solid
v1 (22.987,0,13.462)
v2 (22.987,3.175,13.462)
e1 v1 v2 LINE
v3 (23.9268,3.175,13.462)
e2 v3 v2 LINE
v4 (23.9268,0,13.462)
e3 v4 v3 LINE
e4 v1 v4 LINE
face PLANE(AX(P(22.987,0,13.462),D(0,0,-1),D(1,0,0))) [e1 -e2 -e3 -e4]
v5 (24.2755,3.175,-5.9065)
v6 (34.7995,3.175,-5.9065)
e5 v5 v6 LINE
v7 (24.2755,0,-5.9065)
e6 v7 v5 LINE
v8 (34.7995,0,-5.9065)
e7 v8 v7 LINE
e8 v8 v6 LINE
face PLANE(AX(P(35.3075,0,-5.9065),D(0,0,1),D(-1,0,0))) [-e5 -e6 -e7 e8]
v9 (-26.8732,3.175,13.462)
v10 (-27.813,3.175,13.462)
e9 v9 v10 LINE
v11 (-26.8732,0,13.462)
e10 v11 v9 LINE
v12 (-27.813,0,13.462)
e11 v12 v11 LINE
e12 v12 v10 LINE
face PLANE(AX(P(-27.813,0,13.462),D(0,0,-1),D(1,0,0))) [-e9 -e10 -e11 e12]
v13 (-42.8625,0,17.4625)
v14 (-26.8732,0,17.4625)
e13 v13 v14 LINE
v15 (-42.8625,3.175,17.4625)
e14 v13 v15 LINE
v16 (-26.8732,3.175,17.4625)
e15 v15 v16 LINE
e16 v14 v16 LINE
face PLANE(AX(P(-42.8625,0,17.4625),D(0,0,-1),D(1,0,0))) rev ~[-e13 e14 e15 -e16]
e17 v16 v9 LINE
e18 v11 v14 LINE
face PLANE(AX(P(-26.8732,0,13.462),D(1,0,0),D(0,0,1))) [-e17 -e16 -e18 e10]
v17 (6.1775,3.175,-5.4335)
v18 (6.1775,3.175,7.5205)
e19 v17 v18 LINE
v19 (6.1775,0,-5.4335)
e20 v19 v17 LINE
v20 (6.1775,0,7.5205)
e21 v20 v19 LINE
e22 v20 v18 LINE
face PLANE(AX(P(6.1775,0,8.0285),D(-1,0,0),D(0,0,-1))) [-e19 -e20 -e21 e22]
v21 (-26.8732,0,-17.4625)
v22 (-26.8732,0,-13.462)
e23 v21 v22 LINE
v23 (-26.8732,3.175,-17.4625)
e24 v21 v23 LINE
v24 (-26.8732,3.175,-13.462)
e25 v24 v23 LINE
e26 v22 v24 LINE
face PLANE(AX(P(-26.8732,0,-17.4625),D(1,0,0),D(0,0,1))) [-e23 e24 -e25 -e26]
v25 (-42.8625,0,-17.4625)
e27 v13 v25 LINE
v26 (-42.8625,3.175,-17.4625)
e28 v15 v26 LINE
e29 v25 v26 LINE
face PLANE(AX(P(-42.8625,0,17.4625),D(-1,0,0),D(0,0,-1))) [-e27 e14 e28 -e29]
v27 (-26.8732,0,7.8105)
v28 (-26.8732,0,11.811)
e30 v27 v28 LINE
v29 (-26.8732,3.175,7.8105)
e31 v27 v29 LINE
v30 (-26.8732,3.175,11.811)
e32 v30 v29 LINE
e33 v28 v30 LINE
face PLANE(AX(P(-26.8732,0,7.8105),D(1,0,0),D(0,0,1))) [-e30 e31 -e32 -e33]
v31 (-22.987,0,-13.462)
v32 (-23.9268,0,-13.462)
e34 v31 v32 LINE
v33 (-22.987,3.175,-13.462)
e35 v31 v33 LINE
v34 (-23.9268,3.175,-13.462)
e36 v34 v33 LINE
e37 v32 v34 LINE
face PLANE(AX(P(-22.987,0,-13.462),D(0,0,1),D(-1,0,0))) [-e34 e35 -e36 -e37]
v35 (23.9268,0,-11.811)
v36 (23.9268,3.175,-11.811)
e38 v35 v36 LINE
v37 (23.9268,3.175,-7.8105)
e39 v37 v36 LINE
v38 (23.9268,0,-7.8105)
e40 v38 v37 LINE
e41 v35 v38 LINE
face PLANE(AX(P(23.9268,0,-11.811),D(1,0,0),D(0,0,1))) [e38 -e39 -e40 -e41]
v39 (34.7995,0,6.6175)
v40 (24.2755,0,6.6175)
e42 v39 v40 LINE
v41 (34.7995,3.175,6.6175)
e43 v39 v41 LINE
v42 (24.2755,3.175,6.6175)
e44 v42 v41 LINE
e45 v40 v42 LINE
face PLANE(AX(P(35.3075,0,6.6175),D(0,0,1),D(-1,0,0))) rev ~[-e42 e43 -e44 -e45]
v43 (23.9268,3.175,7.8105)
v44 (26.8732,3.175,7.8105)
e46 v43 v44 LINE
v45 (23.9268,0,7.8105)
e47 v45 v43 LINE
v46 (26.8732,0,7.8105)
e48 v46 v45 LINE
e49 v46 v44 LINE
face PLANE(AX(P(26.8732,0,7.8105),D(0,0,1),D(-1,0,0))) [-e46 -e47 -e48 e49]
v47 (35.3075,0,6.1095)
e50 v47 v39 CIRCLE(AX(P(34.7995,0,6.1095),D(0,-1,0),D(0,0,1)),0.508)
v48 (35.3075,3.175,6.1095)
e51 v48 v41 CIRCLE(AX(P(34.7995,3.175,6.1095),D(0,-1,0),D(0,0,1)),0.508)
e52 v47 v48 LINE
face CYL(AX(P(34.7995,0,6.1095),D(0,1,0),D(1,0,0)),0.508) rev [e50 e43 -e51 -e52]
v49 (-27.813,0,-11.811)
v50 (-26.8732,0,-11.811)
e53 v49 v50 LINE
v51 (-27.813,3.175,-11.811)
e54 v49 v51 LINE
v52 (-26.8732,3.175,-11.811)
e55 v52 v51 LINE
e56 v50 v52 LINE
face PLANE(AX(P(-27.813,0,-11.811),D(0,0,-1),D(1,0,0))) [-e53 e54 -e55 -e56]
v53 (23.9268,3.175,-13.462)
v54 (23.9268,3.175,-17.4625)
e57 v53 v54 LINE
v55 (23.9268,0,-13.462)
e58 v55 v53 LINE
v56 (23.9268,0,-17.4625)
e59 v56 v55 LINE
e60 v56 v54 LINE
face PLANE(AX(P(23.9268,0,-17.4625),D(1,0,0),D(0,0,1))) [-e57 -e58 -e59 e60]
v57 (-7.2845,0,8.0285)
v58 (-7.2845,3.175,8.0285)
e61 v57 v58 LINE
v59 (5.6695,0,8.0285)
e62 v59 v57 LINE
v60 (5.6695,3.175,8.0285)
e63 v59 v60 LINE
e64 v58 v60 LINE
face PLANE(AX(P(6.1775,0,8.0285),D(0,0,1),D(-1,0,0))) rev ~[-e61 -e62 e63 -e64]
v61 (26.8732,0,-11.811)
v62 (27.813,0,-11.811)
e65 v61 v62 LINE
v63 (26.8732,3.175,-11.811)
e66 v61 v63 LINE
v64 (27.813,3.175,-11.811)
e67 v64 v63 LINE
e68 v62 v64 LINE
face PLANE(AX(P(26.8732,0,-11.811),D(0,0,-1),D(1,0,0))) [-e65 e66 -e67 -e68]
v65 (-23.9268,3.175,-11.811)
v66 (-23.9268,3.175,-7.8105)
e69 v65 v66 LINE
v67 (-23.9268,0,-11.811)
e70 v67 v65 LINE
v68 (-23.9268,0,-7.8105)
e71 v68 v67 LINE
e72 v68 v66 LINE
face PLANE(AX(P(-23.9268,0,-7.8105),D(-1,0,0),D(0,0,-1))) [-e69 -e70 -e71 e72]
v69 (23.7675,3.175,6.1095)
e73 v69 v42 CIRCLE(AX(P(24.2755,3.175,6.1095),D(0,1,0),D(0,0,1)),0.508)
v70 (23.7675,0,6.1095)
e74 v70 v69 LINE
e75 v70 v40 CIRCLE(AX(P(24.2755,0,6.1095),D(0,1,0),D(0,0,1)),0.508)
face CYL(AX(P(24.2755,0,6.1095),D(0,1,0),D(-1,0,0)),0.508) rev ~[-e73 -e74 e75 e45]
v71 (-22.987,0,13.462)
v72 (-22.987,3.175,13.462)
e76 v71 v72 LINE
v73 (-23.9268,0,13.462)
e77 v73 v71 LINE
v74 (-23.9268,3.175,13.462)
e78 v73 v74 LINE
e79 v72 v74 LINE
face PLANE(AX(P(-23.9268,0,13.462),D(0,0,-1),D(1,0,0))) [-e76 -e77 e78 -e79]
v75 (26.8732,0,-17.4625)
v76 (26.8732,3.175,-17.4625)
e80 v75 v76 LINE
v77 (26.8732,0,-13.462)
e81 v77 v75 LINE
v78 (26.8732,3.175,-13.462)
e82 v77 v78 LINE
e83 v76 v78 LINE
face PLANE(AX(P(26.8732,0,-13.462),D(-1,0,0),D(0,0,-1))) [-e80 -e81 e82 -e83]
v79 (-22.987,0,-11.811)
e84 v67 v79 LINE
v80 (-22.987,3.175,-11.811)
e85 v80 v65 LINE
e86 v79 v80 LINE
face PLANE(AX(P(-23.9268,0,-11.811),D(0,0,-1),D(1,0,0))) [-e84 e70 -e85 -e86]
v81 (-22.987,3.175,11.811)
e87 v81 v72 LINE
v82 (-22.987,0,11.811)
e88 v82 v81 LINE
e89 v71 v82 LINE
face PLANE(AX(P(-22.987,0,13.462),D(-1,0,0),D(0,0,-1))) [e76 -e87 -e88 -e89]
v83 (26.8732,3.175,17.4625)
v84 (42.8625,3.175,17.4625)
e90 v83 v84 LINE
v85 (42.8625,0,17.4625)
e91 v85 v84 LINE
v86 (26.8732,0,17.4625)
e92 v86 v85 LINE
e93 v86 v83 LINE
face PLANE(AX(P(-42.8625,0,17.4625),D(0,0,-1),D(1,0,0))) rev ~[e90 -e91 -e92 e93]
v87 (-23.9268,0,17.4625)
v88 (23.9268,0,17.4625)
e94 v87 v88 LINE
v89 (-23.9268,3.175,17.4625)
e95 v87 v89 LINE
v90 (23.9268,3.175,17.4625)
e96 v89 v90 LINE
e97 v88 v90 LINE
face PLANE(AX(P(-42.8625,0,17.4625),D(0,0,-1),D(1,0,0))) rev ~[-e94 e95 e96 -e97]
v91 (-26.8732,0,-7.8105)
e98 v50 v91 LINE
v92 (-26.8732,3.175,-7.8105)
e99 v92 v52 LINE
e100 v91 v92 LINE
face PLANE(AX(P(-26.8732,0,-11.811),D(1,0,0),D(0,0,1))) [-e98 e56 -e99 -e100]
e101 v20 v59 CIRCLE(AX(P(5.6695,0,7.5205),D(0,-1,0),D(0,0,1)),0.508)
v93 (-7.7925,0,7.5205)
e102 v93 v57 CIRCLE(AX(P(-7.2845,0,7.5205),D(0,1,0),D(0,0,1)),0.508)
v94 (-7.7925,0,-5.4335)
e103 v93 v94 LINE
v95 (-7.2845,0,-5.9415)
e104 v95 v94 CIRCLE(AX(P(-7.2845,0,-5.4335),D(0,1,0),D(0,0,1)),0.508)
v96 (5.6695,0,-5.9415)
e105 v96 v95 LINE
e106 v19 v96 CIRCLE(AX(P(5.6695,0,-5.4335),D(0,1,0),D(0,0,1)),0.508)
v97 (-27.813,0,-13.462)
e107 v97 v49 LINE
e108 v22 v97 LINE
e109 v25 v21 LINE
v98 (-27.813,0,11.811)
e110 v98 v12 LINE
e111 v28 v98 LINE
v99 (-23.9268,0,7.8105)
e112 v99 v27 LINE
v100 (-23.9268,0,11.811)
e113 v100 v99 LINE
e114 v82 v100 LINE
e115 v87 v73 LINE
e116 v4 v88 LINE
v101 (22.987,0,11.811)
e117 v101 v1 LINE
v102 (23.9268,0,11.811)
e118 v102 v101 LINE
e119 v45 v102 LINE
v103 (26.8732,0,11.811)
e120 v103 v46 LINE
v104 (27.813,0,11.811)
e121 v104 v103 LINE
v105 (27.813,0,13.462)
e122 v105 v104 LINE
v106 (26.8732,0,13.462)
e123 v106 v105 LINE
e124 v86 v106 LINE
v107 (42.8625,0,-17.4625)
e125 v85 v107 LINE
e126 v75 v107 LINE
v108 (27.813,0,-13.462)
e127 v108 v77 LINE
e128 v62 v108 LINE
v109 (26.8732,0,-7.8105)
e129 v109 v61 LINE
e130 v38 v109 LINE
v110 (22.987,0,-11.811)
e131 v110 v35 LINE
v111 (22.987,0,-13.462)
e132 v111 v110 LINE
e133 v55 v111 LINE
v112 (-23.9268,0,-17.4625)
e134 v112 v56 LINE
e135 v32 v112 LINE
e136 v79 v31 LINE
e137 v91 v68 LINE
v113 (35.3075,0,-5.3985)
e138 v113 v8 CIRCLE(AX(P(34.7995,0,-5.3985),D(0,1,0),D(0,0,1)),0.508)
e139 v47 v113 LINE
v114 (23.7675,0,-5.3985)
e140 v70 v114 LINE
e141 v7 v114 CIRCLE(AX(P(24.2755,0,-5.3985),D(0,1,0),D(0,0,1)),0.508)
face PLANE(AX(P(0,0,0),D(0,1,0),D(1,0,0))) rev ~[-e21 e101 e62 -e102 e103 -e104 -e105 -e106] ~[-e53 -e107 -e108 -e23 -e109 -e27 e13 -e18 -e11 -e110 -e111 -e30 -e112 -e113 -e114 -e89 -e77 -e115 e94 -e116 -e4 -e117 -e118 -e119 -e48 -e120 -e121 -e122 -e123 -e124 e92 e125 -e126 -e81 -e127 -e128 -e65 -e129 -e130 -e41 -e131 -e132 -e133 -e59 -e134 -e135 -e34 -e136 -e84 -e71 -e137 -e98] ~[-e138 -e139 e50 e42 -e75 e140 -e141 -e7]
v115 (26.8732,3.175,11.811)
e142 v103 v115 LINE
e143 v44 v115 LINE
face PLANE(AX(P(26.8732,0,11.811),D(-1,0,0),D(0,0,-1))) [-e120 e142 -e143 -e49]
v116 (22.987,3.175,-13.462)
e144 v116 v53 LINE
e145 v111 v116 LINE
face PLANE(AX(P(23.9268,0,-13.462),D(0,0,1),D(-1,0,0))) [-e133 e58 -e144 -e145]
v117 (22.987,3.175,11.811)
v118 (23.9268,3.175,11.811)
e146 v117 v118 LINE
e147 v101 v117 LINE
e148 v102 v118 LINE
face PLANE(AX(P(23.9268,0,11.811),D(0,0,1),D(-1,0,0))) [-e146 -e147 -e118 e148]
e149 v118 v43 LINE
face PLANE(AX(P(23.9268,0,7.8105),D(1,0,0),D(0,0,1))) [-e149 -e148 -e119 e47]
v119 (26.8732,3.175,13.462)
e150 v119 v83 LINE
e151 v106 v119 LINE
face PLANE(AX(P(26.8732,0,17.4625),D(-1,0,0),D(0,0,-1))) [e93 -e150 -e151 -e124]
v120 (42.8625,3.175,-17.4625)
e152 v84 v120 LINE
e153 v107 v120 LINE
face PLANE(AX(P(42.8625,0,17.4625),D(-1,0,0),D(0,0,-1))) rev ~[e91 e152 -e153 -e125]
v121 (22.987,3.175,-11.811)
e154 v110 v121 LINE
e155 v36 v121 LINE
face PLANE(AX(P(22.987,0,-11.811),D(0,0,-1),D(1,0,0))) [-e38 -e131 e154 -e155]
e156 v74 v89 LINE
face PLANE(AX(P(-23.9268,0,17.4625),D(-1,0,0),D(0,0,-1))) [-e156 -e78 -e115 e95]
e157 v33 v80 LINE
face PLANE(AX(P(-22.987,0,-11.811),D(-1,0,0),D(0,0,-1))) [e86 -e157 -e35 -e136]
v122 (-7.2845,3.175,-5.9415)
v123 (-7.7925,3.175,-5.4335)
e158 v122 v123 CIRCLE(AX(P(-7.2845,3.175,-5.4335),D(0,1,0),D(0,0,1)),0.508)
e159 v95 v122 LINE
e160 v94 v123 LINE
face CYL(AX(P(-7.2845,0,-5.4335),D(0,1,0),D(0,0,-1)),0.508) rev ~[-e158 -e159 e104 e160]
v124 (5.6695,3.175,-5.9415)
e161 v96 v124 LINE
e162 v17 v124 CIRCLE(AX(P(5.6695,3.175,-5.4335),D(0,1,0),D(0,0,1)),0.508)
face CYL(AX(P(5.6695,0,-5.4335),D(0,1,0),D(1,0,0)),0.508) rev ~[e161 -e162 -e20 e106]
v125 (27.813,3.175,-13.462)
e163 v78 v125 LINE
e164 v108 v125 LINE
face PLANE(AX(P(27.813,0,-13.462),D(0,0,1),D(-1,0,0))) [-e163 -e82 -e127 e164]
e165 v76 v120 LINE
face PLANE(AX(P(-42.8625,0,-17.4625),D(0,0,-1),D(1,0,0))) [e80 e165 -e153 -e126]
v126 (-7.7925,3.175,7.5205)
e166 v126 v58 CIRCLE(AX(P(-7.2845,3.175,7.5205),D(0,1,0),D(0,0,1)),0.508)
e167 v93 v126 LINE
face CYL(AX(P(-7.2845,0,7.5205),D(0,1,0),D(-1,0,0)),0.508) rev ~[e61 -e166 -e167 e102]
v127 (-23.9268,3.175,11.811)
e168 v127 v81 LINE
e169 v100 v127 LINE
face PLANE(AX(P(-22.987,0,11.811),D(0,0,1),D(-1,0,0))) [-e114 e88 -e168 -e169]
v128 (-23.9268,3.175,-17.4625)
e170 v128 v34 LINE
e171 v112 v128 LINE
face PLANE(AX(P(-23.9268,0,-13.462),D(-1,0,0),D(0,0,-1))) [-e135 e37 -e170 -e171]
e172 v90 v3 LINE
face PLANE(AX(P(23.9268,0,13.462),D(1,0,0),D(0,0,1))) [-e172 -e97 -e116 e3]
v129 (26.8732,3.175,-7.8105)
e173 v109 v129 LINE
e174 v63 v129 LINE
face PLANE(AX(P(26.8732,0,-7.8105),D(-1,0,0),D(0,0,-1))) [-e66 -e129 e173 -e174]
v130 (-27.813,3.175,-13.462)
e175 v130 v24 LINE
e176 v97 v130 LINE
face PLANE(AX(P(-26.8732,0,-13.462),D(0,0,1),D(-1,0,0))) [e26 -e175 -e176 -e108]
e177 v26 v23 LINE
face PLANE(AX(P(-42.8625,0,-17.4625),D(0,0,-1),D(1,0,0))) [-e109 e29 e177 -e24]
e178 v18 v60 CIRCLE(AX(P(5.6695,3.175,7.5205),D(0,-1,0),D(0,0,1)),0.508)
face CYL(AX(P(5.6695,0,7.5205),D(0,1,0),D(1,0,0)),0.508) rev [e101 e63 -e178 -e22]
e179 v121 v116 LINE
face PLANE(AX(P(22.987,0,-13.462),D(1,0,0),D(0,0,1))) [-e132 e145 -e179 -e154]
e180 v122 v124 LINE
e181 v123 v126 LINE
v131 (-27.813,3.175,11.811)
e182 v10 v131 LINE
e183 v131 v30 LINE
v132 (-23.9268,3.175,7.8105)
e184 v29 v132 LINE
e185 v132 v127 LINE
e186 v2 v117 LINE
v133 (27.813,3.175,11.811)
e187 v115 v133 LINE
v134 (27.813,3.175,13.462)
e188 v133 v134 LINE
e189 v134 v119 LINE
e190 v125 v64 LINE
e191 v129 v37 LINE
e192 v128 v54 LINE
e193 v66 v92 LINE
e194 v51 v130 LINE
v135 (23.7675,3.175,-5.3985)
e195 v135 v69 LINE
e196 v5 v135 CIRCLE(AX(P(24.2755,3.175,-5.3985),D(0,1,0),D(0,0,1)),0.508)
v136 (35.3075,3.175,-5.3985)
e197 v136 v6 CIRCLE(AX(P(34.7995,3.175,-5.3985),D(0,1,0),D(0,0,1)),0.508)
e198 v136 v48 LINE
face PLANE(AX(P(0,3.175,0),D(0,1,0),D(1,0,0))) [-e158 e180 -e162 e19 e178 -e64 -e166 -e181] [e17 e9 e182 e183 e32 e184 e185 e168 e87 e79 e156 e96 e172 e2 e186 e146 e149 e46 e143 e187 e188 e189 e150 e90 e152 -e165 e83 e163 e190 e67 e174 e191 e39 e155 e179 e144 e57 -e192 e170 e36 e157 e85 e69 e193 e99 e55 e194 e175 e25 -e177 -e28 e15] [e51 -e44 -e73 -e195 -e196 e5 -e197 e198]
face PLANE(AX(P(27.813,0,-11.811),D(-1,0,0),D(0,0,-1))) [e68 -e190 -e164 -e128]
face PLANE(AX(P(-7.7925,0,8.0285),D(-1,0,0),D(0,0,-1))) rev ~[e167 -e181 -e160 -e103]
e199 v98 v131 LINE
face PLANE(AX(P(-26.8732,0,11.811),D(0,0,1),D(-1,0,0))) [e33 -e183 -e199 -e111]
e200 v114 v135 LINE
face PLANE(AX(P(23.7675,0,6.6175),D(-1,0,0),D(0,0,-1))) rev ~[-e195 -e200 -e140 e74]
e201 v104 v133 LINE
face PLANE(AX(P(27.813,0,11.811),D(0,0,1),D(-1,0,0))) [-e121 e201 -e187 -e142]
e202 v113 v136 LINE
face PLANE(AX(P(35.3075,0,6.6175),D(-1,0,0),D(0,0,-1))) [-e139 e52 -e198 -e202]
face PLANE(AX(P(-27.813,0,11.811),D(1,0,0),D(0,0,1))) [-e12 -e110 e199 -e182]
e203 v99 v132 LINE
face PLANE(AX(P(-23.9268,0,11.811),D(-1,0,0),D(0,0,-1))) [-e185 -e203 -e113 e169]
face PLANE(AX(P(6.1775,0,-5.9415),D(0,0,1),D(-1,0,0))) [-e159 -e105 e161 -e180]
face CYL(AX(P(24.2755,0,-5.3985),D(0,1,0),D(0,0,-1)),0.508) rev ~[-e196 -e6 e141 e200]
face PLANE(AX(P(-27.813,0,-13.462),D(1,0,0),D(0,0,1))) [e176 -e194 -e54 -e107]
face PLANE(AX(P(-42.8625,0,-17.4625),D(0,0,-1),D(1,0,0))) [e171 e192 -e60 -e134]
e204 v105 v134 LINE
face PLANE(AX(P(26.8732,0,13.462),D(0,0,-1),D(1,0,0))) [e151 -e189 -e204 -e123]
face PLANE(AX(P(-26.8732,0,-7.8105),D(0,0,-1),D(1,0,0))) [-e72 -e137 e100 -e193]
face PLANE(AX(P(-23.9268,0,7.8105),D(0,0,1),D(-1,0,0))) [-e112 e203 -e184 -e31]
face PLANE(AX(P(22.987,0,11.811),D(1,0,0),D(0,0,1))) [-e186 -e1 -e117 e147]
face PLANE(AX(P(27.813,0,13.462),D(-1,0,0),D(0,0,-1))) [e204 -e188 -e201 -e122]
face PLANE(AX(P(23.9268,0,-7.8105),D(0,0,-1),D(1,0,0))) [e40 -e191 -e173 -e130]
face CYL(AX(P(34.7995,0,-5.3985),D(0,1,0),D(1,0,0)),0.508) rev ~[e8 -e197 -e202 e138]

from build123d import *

# Parameters (mm, degrees)
SKETCH1_W           = 85.725
SKETCH1_H           = 34.925
BOSS_EXTRUDE1_DEPTH = 3.175
SKETCH2_W           = 13.97
SKETCH2_H           = 13.97
SKETCH2_W_2         = 11.54
SKETCH2_H_2         = 12.524
CUT_EXTRUDE1_DEPTH  = 47.391954448
FILLET1_R           = 0.508
CUT_EXTRUDE2_DEPTH  = 47.391954448


with BuildPart() as part:
    # Sketch1 → Boss-Extrude1 (new body)
    with BuildSketch(Plane(origin=(0, 0, 0), x_dir=(1, 0, 0), z_dir=(0, 1, 0))):
        Rectangle(SKETCH1_W, SKETCH1_H)
    extrude(amount=BOSS_EXTRUDE1_DEPTH)

    # Sketch2 → Cut-Extrude1 (cut, through all)
    with BuildSketch(Plane(origin=(0, 0, 0), x_dir=(-1, 0, 0), z_dir=(0, -1, 0))):
        with Locations((0.8075, -1.0435)):
            Rectangle(SKETCH2_W, SKETCH2_H)
        with Locations((-29.5375, -0.3555)):
            Rectangle(SKETCH2_W_2, SKETCH2_H_2)
    extrude(amount=-CUT_EXTRUDE1_DEPTH, mode=Mode.SUBTRACT)

    # Fillet1
    fillet1_edges = [part.edges().sort_by_distance(p)[0] for p in [
        (6.1775, 1.5875, 8.0285),
        (6.1775, 1.5875, -5.9415),
        (-7.7925, 1.5875, -5.9415),
        (-7.7925, 1.5875, 8.0285),
        (23.7675, 1.5875, -5.9065),
        (23.7675, 1.5875, 6.6175),
        (35.3075, 1.5875, 6.6175),
        (35.3075, 1.5875, -5.9065),
    ]]
    fillet(fillet1_edges, radius=FILLET1_R)

    # Sketch3 → Cut-Extrude2 (cut, through all)
    with BuildSketch(Plane.XZ):
        Polygon((-26.8732, 17.4625), (-23.9268, 17.4625), (-23.9268, 13.462), (-22.987, 13.462), (-22.987, 11.811), (-23.9268, 11.811), (-23.9268, 7.8105), (-26.8732, 7.8105), (-26.8732, 11.811), (-27.813, 11.811), (-27.813, 13.462), (-26.8732, 13.462), align=None)
        Polygon((26.8732, 11.811), (26.8732, 7.8105), (23.9268, 7.8105), (23.9268, 11.811), (22.987, 11.811), (22.987, 13.462), (23.9268, 13.462), (23.9268, 17.4625), (26.8732, 17.4625), (26.8732, 13.462), (27.813, 13.462), (27.813, 11.811), align=None)
        Polygon((26.8732, -17.4625), (23.9268, -17.4625), (23.9268, -13.462), (22.987, -13.462), (22.987, -11.811), (23.9268, -11.811), (23.9268, -7.8105), (26.8732, -7.8105), (26.8732, -11.811), (27.813, -11.811), (27.813, -13.462), (26.8732, -13.462), align=None)
        Polygon((-26.8732, -11.811), (-26.8732, -7.8105), (-23.9268, -7.8105), (-23.9268, -11.811), (-22.987, -11.811), (-22.987, -13.462), (-23.9268, -13.462), (-23.9268, -17.4625), (-26.8732, -17.4625), (-26.8732, -13.462), (-27.813, -13.462), (-27.813, -11.811), align=None)
    extrude(amount=-CUT_EXTRUDE2_DEPTH, mode=Mode.SUBTRACT)


solid = part.part
